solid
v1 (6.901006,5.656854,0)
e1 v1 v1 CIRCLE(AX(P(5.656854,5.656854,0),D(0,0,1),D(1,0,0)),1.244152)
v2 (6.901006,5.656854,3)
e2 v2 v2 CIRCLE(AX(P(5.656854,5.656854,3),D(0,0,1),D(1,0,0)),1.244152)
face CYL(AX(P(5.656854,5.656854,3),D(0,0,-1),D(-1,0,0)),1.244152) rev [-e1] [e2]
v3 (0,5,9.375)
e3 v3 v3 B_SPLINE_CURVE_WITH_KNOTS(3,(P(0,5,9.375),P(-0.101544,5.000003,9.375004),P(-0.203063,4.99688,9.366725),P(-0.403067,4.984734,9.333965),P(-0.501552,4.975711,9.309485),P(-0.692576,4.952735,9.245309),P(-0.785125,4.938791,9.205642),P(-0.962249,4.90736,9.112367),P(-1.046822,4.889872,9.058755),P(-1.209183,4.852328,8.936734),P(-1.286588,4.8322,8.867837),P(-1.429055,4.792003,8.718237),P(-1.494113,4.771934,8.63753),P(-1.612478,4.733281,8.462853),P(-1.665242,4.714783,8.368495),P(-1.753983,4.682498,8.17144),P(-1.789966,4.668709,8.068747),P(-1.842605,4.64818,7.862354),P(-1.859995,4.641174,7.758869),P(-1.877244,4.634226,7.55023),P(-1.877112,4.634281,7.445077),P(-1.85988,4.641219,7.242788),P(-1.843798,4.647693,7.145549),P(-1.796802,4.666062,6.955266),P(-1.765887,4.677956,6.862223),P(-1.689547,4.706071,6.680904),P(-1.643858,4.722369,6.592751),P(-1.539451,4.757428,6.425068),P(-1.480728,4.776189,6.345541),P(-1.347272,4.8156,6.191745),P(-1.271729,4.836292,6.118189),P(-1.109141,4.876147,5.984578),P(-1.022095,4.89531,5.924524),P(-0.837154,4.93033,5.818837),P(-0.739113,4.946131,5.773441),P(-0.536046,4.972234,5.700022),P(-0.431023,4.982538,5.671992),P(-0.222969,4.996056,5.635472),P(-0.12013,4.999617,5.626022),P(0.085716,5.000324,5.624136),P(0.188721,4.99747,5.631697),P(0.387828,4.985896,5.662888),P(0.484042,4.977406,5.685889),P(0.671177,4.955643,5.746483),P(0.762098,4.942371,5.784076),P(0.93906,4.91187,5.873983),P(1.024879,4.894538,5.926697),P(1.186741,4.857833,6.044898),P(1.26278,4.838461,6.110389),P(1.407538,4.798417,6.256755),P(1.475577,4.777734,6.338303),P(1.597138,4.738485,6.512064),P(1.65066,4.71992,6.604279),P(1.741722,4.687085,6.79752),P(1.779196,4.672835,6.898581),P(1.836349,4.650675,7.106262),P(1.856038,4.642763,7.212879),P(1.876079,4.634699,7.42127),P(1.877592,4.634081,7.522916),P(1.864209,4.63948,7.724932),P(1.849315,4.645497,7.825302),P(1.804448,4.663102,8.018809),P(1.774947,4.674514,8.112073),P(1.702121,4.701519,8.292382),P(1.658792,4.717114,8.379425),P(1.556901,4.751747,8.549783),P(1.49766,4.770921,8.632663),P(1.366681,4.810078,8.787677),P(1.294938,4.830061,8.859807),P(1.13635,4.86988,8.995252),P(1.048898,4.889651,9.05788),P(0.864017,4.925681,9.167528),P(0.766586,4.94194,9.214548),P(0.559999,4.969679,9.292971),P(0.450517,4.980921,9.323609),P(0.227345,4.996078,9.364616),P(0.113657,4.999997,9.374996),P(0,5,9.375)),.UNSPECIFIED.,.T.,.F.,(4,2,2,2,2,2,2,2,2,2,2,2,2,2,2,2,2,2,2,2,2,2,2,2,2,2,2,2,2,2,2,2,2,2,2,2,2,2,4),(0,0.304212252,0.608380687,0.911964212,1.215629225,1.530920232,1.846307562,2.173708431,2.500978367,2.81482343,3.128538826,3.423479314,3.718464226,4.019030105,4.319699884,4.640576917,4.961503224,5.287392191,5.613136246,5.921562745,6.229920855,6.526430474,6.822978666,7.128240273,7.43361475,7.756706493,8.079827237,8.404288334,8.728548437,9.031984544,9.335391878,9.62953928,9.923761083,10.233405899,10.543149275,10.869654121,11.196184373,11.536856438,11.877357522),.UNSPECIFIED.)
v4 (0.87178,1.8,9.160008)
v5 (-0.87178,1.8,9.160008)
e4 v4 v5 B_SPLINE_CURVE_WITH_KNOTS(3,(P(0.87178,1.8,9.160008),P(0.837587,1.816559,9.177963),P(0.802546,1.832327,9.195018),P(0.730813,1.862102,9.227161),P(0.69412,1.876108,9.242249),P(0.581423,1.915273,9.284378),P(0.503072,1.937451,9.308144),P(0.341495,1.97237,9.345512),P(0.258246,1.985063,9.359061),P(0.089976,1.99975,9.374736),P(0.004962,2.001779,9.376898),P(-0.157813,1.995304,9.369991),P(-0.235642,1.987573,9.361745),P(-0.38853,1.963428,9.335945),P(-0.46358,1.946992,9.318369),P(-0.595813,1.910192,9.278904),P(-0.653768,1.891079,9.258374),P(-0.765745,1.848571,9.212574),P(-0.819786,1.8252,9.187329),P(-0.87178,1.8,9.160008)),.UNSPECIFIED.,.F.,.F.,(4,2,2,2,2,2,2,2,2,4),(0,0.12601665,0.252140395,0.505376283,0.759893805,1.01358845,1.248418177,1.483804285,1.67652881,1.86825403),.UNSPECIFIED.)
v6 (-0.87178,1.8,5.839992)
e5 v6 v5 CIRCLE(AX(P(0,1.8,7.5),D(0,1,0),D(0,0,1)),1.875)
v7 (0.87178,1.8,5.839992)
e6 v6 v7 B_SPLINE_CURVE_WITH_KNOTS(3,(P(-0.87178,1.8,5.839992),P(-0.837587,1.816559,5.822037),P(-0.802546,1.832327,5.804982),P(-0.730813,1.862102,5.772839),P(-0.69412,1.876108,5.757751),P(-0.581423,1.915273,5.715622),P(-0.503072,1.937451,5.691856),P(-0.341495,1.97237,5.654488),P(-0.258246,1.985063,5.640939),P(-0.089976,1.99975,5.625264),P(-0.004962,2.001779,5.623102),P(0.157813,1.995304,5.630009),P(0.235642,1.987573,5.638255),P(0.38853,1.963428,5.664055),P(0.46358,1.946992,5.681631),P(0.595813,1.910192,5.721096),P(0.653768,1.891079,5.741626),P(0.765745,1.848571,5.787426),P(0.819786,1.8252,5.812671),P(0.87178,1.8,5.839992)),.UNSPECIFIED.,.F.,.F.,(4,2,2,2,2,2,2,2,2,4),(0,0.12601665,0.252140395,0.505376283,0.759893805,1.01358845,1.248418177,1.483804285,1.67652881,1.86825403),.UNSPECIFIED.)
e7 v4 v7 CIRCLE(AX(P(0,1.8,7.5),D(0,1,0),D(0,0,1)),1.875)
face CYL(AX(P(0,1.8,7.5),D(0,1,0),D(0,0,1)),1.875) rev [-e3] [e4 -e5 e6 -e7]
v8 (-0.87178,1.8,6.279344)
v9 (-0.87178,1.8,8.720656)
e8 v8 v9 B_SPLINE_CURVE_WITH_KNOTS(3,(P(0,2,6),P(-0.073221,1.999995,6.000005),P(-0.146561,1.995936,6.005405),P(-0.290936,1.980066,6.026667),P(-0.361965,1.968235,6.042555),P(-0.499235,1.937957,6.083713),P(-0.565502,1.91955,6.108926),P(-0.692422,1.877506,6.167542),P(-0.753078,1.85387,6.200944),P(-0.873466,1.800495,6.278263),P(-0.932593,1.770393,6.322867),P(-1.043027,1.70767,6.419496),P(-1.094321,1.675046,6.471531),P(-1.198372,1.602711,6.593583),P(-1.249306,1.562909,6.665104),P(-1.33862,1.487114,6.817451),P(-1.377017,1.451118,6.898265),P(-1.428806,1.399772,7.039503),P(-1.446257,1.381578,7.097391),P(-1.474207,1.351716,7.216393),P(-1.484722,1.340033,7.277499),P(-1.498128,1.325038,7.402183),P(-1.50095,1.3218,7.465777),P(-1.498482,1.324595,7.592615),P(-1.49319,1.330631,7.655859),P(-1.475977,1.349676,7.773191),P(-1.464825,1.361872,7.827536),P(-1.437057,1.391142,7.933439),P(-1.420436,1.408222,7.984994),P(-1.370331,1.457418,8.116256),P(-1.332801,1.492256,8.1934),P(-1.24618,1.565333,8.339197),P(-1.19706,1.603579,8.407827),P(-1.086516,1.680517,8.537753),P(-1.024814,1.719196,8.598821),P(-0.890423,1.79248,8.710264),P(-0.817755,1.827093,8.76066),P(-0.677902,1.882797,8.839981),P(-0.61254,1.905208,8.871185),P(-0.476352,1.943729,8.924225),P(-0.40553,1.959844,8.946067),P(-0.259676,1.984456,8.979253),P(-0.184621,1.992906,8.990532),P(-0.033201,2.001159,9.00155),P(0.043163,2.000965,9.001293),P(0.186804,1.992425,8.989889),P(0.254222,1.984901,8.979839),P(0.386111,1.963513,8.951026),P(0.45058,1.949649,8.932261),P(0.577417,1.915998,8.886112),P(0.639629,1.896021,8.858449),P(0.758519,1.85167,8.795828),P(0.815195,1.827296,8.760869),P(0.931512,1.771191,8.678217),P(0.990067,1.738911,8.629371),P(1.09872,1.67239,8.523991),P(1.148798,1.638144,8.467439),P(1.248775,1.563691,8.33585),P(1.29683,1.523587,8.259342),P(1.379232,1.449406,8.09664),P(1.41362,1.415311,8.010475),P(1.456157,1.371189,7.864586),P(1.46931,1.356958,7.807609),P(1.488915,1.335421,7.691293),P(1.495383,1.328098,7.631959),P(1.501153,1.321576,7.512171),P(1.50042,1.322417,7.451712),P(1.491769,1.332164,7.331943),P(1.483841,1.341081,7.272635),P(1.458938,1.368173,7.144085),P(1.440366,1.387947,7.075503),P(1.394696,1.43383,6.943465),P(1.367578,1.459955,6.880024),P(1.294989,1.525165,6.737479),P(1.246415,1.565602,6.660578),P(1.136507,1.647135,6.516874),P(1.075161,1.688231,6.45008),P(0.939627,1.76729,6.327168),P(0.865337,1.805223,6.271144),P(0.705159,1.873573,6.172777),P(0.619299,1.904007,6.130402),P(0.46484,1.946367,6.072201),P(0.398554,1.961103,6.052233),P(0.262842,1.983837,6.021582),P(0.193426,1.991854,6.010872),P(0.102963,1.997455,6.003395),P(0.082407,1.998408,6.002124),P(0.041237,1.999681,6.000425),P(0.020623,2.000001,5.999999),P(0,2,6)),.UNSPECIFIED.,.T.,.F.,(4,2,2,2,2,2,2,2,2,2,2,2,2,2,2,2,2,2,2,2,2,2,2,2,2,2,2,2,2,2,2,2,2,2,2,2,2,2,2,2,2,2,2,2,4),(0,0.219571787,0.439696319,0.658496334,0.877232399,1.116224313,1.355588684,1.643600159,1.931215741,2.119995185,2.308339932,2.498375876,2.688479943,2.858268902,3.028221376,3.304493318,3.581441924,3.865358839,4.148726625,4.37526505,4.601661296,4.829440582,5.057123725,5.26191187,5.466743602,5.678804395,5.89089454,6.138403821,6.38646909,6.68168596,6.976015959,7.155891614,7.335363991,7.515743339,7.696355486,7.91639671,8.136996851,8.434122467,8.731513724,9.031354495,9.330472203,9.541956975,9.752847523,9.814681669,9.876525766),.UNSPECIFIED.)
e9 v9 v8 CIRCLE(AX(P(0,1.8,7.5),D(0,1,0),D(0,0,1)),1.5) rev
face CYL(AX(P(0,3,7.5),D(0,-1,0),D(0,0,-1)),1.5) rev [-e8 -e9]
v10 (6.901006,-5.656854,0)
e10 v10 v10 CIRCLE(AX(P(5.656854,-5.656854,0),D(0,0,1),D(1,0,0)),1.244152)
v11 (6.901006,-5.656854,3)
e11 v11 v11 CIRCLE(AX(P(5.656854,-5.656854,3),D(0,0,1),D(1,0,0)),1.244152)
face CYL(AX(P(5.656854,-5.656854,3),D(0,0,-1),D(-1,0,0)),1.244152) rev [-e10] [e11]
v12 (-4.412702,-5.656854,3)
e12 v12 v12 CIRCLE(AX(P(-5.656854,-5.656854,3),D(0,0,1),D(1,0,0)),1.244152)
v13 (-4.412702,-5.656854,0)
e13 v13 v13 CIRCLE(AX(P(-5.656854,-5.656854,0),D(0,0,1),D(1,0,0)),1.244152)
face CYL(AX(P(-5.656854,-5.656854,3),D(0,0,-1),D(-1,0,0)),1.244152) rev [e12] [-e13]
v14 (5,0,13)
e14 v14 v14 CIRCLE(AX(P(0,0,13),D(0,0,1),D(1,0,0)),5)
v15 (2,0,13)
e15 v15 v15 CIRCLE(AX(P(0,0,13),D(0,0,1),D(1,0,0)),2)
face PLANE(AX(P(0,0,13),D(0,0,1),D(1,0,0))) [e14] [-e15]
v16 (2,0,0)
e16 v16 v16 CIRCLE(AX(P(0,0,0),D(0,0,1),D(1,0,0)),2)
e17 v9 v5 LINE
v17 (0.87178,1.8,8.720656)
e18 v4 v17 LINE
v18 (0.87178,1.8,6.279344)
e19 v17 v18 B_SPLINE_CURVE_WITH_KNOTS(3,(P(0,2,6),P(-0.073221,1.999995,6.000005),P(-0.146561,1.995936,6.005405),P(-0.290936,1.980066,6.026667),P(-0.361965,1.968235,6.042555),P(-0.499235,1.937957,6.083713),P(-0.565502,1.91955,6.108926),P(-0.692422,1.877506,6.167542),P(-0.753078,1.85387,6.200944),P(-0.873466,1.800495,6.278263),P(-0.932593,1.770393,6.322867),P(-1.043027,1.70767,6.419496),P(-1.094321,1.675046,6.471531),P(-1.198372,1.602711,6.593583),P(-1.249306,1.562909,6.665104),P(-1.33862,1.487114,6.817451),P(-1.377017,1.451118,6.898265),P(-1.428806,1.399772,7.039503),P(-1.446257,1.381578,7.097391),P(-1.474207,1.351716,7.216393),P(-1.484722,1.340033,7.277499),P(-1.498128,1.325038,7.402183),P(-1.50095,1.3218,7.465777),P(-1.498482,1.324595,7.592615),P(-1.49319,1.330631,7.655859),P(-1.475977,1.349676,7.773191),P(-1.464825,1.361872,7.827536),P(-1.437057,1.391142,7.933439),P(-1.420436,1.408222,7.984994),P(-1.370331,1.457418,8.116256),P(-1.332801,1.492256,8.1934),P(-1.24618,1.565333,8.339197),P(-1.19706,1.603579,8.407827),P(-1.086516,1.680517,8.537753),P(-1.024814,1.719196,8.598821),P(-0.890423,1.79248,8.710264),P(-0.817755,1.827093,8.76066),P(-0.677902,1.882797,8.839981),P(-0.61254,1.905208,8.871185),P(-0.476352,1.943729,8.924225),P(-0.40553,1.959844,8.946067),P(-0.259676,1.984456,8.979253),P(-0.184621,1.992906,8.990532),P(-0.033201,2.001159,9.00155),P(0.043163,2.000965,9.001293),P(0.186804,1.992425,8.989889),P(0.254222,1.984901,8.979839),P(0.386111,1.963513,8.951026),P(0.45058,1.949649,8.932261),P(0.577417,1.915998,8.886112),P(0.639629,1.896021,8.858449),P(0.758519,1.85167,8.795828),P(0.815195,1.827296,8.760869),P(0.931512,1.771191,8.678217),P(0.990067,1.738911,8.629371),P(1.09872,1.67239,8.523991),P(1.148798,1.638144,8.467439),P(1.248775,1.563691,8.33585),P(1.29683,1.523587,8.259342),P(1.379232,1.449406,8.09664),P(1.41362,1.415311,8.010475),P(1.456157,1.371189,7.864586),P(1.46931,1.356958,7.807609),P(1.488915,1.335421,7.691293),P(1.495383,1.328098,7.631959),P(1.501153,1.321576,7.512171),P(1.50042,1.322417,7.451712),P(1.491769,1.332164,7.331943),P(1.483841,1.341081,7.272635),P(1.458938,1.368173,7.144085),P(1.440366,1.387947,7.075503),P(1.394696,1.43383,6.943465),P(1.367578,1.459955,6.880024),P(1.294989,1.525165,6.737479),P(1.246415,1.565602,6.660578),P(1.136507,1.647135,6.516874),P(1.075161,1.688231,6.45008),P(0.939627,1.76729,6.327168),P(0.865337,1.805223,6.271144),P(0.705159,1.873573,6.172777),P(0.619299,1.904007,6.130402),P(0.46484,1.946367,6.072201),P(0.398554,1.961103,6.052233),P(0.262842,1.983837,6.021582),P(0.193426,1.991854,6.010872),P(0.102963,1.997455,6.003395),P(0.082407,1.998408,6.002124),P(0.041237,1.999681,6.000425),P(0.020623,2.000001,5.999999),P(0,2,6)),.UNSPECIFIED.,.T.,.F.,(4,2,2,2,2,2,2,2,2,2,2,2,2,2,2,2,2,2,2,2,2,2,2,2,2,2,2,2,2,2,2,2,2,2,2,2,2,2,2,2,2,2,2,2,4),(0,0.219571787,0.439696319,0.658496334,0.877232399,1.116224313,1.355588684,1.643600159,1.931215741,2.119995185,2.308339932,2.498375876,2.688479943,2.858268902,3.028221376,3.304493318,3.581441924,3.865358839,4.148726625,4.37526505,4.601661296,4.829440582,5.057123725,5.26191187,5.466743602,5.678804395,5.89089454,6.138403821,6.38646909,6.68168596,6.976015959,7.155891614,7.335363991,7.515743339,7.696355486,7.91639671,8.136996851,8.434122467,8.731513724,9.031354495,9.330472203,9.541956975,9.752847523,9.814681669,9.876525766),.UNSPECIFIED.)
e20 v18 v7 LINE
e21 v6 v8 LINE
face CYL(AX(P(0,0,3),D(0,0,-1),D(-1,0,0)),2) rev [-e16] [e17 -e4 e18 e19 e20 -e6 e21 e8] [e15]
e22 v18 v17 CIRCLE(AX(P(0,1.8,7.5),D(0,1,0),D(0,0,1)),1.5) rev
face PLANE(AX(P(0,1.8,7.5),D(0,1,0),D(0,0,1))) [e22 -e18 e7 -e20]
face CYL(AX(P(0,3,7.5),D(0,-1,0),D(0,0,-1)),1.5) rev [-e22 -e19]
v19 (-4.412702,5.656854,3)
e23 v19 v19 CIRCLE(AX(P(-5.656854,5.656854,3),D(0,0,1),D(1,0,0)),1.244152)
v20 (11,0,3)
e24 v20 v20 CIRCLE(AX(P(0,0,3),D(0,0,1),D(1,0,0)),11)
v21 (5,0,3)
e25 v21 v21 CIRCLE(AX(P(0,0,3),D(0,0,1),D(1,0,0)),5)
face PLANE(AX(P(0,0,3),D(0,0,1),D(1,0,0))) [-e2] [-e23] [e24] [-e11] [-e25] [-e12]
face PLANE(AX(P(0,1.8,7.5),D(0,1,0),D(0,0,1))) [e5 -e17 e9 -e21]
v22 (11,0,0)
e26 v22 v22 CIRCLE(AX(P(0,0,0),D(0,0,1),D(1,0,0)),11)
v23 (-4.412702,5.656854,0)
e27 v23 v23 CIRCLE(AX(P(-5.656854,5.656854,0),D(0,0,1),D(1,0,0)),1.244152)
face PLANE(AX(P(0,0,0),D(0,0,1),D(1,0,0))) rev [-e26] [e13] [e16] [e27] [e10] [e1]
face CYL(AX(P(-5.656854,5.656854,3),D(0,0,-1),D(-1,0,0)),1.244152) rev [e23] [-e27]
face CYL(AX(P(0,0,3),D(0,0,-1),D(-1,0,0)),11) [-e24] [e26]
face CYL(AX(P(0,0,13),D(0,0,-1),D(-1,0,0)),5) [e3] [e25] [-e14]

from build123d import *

# Parameters (mm, degrees)
SKETCH2_R           = 11
SKETCH2_R_2         = 2
SKETCH2_R_3         = 1.244152151
BOSS_EXTRUDE1_DEPTH = 3
SKETCH3_R           = 5
SKETCH3_R_2         = 2
BOSS_EXTRUDE3_DEPTH = 10
CUT_EXTRUDE2_START  = 5
SKETCH6_R           = 1.875
CUT_EXTRUDE2_DEPTH  = 3.2
SKETCH10_R          = 1.5
CUT_EXTRUDE3_DEPTH  = 3


with BuildPart() as part:
    # Sketch2 → Boss-Extrude1 (new body)
    with BuildSketch(Plane.XY):
        Circle(SKETCH2_R)
        Circle(SKETCH2_R_2, mode=Mode.SUBTRACT)
        with Locations((-5.656854249, 5.656854249)):
            Circle(SKETCH2_R_3, mode=Mode.SUBTRACT)
        with Locations((5.656854249, 5.656854249)):
            Circle(SKETCH2_R_3, mode=Mode.SUBTRACT)
        with Locations((5.656854249, -5.656854249)):
            Circle(SKETCH2_R_3, mode=Mode.SUBTRACT)
        with Locations((-5.656854249, -5.656854249)):
            Circle(SKETCH2_R_3, mode=Mode.SUBTRACT)
    extrude(amount=BOSS_EXTRUDE1_DEPTH)

    # Sketch3 → Boss-Extrude3 (add)
    with BuildSketch(Plane.XY.offset(3)):
        Circle(SKETCH3_R)
        Circle(SKETCH3_R_2, mode=Mode.SUBTRACT)
    extrude(amount=BOSS_EXTRUDE3_DEPTH)

    # Sketch6 → Cut-Extrude2 (cut)
    with BuildSketch(Plane(origin=(0, 0, 0), x_dir=(1, 0, 0), z_dir=(0, 1, 0)).offset(CUT_EXTRUDE2_START)):
        with Locations(Location((0, -7.5, 0), (0, 0, 270))):
            Circle(SKETCH6_R)
    extrude(amount=-CUT_EXTRUDE2_DEPTH, mode=Mode.SUBTRACT)

    # Sketch10 → Cut-Extrude3 (cut)
    with BuildSketch(Plane(origin=(0, 0, 0), x_dir=(1, 0, 0), z_dir=(0, 1, 0))):
        with Locations((0, -7.5)):
            Circle(SKETCH10_R)
    extrude(amount=CUT_EXTRUDE3_DEPTH, mode=Mode.SUBTRACT)


solid = part.part
